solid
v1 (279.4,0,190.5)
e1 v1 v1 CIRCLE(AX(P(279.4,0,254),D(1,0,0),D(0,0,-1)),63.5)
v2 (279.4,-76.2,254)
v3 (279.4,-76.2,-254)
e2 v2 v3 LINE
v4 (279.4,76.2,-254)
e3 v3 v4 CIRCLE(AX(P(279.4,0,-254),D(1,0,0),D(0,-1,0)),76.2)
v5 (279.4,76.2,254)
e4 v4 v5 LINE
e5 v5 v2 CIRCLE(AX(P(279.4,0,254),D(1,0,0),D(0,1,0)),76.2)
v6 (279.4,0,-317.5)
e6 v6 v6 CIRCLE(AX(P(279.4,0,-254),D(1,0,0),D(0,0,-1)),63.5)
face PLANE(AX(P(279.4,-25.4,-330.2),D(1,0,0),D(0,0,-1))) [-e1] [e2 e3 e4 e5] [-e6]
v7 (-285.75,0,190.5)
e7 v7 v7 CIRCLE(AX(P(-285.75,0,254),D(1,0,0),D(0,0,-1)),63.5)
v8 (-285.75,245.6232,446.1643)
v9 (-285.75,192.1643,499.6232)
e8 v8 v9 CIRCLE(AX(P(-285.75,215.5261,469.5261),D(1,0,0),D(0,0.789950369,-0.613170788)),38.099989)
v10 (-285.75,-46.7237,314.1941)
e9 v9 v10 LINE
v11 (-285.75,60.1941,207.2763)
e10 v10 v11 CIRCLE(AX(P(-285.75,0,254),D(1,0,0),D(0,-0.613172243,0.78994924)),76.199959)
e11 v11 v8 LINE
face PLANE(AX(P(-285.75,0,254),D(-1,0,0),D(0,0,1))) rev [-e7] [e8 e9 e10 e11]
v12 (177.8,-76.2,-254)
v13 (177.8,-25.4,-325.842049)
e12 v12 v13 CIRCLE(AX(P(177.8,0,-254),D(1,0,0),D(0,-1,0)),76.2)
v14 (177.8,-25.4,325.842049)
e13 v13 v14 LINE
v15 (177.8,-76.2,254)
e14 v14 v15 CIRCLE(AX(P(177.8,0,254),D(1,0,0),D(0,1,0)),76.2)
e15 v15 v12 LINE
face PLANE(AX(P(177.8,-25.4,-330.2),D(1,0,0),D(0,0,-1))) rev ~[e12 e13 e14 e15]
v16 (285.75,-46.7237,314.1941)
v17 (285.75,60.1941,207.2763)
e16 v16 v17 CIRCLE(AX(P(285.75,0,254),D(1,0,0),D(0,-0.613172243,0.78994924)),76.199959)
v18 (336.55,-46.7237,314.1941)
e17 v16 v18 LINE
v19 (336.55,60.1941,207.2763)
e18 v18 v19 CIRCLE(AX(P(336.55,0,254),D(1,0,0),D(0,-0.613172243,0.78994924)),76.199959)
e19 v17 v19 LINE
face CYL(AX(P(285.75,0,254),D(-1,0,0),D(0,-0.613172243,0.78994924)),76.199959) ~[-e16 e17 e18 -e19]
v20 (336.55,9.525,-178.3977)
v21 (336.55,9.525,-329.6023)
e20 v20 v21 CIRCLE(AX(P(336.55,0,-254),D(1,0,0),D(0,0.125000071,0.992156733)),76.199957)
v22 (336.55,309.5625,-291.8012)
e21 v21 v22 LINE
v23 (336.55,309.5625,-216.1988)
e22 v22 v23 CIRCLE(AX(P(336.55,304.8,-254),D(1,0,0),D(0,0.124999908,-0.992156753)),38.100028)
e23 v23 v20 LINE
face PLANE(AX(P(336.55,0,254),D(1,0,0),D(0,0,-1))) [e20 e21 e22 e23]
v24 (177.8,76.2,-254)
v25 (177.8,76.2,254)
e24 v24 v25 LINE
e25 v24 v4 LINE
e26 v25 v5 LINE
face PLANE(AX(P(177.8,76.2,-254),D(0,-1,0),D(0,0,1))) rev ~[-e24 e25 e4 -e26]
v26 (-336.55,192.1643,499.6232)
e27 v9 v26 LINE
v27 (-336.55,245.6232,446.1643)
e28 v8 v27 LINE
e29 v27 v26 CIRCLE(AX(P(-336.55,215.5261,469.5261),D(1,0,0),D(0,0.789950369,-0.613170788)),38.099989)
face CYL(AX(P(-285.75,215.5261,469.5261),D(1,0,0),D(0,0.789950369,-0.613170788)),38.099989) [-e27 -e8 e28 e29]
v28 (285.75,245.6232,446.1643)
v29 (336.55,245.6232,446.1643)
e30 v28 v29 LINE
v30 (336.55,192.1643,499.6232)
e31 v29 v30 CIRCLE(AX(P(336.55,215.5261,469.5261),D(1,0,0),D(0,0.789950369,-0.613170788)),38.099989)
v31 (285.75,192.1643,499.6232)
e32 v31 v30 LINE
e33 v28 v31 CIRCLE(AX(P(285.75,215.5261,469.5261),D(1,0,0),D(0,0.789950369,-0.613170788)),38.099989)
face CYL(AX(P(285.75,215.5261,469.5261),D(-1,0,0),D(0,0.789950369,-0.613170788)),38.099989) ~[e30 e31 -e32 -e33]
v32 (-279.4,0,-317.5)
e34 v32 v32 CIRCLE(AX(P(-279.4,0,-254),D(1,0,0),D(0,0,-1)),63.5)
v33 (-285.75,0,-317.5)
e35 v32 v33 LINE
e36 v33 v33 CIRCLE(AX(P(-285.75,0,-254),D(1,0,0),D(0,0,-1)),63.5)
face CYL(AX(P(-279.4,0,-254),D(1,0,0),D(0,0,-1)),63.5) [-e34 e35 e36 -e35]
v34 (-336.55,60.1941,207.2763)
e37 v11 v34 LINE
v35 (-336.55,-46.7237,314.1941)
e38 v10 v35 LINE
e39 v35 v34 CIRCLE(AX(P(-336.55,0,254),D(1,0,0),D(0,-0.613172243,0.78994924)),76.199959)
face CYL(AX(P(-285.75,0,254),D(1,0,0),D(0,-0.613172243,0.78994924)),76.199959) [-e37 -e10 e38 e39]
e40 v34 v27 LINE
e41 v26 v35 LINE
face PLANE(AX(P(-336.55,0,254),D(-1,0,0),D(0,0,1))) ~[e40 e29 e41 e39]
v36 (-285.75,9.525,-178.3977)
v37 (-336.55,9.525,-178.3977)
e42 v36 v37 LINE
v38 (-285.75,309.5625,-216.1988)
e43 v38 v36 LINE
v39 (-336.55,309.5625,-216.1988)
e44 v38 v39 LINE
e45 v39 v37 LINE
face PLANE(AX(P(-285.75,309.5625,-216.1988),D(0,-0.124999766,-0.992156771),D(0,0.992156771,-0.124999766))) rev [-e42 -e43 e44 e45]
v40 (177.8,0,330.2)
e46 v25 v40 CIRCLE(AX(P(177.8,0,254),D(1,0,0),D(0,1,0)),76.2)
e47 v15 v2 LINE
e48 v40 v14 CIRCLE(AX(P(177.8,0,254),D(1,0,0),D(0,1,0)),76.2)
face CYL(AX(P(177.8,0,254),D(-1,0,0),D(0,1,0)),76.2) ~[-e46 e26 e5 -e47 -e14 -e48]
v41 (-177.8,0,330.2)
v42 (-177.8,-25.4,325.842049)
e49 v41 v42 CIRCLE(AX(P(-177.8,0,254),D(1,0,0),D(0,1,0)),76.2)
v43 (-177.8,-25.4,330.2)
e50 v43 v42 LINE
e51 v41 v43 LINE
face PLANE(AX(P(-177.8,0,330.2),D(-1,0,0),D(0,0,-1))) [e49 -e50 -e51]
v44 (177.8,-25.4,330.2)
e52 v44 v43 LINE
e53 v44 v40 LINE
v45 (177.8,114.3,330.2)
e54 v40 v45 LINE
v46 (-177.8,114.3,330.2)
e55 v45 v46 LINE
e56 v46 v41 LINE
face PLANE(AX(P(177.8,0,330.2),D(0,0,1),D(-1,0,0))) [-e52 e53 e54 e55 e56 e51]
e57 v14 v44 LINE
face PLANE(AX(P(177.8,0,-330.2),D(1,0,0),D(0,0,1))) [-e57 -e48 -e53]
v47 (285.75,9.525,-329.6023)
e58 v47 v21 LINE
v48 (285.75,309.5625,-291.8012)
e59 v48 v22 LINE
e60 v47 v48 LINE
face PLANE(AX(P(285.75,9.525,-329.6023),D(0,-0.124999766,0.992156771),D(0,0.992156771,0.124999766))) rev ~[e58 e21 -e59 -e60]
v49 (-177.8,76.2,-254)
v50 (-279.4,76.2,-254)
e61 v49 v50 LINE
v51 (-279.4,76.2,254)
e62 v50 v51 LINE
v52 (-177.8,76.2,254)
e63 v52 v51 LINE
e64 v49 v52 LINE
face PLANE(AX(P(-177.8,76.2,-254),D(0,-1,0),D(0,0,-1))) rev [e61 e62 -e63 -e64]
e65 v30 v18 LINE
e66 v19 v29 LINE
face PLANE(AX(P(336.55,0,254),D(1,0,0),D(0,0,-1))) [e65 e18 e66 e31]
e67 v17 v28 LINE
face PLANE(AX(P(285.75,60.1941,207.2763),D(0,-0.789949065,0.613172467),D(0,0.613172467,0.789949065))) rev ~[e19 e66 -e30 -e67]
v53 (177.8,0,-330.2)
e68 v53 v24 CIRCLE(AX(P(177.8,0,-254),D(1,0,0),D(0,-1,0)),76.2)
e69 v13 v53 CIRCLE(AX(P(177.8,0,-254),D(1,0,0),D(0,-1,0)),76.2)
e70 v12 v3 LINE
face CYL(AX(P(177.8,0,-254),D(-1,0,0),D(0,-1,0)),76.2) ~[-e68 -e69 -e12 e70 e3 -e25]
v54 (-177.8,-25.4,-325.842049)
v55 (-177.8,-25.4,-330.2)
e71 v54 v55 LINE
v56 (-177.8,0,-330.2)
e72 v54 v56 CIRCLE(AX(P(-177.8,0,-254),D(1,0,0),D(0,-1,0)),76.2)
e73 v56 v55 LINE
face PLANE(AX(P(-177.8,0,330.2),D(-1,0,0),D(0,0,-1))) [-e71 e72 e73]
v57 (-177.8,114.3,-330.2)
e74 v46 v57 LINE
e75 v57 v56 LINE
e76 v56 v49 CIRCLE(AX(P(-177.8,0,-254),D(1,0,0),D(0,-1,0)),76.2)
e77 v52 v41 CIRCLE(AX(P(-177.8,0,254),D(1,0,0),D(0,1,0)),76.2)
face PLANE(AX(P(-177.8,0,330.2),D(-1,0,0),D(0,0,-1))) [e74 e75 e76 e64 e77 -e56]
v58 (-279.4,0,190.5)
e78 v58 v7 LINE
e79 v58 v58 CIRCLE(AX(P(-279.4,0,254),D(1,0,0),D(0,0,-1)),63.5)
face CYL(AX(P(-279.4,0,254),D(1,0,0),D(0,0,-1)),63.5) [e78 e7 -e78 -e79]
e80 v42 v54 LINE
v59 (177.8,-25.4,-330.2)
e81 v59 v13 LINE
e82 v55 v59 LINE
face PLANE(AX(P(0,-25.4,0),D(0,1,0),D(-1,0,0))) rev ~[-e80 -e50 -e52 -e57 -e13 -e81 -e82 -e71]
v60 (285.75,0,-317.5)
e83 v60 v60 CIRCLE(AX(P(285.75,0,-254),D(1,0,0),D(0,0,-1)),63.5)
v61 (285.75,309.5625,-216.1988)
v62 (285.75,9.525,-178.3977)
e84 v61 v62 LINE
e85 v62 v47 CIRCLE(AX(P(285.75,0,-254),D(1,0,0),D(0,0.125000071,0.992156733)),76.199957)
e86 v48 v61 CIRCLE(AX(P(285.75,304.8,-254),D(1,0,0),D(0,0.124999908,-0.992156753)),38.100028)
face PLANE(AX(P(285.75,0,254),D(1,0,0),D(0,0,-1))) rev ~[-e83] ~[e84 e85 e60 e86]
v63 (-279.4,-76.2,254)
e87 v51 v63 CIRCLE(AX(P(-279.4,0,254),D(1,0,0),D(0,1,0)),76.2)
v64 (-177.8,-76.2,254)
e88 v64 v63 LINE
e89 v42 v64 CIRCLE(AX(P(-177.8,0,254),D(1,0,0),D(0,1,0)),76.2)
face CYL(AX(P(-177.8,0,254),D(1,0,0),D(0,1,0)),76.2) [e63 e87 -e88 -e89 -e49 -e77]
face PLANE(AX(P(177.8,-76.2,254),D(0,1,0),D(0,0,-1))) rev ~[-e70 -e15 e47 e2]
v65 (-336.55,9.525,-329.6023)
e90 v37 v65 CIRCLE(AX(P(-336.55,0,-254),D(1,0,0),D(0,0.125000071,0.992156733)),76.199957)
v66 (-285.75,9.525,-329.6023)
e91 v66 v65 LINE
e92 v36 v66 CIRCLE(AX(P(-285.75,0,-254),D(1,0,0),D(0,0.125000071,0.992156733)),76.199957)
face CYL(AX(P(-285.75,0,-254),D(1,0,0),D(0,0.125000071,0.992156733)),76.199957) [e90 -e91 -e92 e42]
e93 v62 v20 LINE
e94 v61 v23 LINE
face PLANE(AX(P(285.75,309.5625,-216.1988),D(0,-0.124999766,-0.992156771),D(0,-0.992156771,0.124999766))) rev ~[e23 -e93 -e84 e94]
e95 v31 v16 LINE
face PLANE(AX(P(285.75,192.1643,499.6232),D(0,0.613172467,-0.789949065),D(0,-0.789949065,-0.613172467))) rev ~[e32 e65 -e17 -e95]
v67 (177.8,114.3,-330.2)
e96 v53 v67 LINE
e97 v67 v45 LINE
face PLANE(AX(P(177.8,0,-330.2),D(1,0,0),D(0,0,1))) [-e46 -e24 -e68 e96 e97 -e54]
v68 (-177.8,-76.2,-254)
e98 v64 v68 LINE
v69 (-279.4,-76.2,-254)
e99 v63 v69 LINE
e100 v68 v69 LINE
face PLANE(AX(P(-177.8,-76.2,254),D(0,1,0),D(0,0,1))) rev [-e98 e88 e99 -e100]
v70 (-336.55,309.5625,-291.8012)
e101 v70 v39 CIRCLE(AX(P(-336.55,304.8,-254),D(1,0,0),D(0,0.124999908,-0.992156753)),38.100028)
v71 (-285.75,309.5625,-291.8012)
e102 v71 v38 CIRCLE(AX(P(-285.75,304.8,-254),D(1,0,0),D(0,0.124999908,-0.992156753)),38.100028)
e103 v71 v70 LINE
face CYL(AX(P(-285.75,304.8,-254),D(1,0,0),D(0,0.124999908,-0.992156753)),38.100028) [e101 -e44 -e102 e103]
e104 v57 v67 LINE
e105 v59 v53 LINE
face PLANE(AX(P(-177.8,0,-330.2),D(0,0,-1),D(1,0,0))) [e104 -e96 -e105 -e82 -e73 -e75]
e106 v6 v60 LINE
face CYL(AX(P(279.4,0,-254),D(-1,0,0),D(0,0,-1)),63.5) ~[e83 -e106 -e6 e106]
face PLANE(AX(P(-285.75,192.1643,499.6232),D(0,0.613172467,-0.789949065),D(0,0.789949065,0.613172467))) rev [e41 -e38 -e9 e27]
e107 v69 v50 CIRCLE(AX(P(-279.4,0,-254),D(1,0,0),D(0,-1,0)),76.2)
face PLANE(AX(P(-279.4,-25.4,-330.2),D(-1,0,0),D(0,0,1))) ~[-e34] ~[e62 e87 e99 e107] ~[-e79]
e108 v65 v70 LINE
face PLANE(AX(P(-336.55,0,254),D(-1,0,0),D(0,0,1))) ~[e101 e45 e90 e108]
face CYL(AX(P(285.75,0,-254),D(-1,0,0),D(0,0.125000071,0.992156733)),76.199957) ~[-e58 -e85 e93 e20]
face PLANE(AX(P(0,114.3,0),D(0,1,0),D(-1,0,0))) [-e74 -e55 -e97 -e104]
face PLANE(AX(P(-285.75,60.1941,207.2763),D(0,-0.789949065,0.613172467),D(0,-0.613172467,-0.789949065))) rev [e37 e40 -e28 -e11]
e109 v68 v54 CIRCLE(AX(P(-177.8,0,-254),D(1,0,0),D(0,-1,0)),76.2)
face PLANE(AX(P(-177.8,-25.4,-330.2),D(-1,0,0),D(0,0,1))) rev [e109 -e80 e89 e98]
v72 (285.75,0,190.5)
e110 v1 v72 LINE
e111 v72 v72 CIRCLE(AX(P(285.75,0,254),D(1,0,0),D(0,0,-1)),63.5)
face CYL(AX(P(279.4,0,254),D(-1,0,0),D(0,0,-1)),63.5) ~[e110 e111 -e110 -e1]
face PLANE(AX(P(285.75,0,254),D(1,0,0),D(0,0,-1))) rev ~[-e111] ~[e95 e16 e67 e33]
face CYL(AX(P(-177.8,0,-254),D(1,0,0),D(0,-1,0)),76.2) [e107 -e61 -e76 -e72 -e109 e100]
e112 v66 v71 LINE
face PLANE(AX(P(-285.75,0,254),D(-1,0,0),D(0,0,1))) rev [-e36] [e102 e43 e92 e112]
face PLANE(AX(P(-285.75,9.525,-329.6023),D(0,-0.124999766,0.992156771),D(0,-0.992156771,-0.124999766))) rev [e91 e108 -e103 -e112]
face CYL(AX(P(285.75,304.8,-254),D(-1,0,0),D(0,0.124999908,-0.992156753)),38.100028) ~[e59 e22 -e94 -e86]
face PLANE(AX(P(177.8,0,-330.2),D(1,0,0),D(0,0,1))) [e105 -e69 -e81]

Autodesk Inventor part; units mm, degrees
ref_plane "YZ Plane" through (0, 0, 0) normal (1, 0, 0) x (0, 1, 0)
ref_plane "XZ Plane" through (0, 0, 0) normal (0, 1, 0) x (-1, 0, 0)
ref_plane "XY Plane" through (0, 0, 0) normal (0, 0, 1) x (1, 0, 0)
sketch "Sketch1" plane through (0, 0, 0) normal (0, 1, 0) x (-1, 0, 0)
  line L0 (-177.8, 330.2) -> (177.8, 330.2)
  line L1 (177.8, 330.2) -> (177.8, -330.2)
  line L2 (177.8, -330.2) -> (-177.8, -330.2)
  line L3 (-177.8, -330.2) -> (-177.8, 330.2)
  line L4 (-177.8, 330.2) -> (177.8, -330.2) construction
  line L5 (177.8, 330.2) -> (-177.8, -330.2) construction
  point P0 (0, 0)
  dimension "d0" = 355.6
  dimension "d1" = 660.4
extrude "Extrusion1" add sketch "Sketch1" along normal blind 114.3 and the other way blind 25.4
sketch "Sketch2" plane through (177.8, -25.4, -330.2) normal (1, 0, 0) x (0, 0, -1)
  line L0 (-584.2, 25.4) -> (-76.2, 25.4) construction
  line L1 (-584.2, -50.8) -> (-76.2, -50.8)
  line L2 (-76.2, 101.6) -> (-584.2, 101.6)
  arc A0 (-584.2, 101.6) -> (-584.2, -50.8) centre (-584.2, 25.4) ccw
  arc A1 (-76.2, -50.8) -> (-76.2, 101.6) centre (-76.2, 25.4) ccw
  line L3 (-330.2, 25.4) -> (177.8, 25.4) construction
  line L4 (-330.2, 25.4) -> (-330.2, 0) construction
  line L5 (-660.4, 0) -> (0, 0) construction
  point P0 (-330.2, 25.4)
  dimension "d6" = 254
  dimension "d7" = 0
  dimension "d8" = 152.4
  dimension "d9" = 25.4
extrude "Extrusion2" add sketch "Sketch2" along normal blind 101.6
sketch "Sketch3" plane through (279.4, -25.4, -330.2) normal (1, 0, 0) x (0, 0, -1)
  circle A0 centre (-584.2, 25.4) radius 63.5
  circle A1 centre (-76.2, 25.4) radius 63.5
  arc A2 (-584.2, 101.6) -> (-584.2, -50.8) centre (-584.2, 25.4) ccw construction
  arc A3 (-76.2, -50.8) -> (-76.2, 101.6) centre (-76.2, 25.4) ccw construction
  point P0 (-330.2, 25.4)
  dimension "d12" = 127
extrude "Extrusion3" add sketch "Sketch3" along normal blind 6.35
sketch "Sketch4" plane through (285.75, 0, 254) normal (1, 0, 0) x (0, 0, -1)
  line L0 (0, 0) -> (-215.5261, 215.5261) construction
  line L1 (46.7237, 60.1941) -> (-192.1643, 245.6232)
  line L2 (-245.6232, 192.1643) -> (-60.1941, -46.7237)
  arc A0 (-60.1941, -46.7237) -> (46.7237, 60.1941) centre (0, 0) ccw
  arc A1 (-192.1643, 245.6232) -> (-245.6232, 192.1643) centre (-215.5261, 215.5261) ccw
  arc A2 (0, 76.2) -> (0, -76.2) centre (0, 0) ccw construction
  line L3 (0, 0) -> (-144.2559, 0) construction
  line L4 (508, 0) -> (508, 304.8) construction
  line L5 (583.6023, 9.525) -> (545.8012, 309.5625)
  line L6 (470.1988, 309.5625) -> (432.3977, 9.525)
  arc A3 (432.3977, 9.525) -> (583.6023, 9.525) centre (508, 0) ccw
  arc A4 (545.8012, 309.5625) -> (470.1988, 309.5625) centre (508, 304.8) ccw
  circle A5 centre (508, 0) radius 63.5 construction
  point P0 (254, 0)
  point P1 (-107.7631, 107.7631)
  point P2 (508, 152.4)
  dimension "d15" = 304.8
  dimension "d17" = 38.1
  dimension "d20" = 45
extrude "Extrusion4" add sketch "Sketch4" along normal blind 50.8
mirror "Mirror1" about plane through (0, 0, 0) normal (1, 0, 0) of "Extrusion2", "Extrusion4", "Extrusion3"
properties part number "Dimensions(Roughly)" material "Air"
